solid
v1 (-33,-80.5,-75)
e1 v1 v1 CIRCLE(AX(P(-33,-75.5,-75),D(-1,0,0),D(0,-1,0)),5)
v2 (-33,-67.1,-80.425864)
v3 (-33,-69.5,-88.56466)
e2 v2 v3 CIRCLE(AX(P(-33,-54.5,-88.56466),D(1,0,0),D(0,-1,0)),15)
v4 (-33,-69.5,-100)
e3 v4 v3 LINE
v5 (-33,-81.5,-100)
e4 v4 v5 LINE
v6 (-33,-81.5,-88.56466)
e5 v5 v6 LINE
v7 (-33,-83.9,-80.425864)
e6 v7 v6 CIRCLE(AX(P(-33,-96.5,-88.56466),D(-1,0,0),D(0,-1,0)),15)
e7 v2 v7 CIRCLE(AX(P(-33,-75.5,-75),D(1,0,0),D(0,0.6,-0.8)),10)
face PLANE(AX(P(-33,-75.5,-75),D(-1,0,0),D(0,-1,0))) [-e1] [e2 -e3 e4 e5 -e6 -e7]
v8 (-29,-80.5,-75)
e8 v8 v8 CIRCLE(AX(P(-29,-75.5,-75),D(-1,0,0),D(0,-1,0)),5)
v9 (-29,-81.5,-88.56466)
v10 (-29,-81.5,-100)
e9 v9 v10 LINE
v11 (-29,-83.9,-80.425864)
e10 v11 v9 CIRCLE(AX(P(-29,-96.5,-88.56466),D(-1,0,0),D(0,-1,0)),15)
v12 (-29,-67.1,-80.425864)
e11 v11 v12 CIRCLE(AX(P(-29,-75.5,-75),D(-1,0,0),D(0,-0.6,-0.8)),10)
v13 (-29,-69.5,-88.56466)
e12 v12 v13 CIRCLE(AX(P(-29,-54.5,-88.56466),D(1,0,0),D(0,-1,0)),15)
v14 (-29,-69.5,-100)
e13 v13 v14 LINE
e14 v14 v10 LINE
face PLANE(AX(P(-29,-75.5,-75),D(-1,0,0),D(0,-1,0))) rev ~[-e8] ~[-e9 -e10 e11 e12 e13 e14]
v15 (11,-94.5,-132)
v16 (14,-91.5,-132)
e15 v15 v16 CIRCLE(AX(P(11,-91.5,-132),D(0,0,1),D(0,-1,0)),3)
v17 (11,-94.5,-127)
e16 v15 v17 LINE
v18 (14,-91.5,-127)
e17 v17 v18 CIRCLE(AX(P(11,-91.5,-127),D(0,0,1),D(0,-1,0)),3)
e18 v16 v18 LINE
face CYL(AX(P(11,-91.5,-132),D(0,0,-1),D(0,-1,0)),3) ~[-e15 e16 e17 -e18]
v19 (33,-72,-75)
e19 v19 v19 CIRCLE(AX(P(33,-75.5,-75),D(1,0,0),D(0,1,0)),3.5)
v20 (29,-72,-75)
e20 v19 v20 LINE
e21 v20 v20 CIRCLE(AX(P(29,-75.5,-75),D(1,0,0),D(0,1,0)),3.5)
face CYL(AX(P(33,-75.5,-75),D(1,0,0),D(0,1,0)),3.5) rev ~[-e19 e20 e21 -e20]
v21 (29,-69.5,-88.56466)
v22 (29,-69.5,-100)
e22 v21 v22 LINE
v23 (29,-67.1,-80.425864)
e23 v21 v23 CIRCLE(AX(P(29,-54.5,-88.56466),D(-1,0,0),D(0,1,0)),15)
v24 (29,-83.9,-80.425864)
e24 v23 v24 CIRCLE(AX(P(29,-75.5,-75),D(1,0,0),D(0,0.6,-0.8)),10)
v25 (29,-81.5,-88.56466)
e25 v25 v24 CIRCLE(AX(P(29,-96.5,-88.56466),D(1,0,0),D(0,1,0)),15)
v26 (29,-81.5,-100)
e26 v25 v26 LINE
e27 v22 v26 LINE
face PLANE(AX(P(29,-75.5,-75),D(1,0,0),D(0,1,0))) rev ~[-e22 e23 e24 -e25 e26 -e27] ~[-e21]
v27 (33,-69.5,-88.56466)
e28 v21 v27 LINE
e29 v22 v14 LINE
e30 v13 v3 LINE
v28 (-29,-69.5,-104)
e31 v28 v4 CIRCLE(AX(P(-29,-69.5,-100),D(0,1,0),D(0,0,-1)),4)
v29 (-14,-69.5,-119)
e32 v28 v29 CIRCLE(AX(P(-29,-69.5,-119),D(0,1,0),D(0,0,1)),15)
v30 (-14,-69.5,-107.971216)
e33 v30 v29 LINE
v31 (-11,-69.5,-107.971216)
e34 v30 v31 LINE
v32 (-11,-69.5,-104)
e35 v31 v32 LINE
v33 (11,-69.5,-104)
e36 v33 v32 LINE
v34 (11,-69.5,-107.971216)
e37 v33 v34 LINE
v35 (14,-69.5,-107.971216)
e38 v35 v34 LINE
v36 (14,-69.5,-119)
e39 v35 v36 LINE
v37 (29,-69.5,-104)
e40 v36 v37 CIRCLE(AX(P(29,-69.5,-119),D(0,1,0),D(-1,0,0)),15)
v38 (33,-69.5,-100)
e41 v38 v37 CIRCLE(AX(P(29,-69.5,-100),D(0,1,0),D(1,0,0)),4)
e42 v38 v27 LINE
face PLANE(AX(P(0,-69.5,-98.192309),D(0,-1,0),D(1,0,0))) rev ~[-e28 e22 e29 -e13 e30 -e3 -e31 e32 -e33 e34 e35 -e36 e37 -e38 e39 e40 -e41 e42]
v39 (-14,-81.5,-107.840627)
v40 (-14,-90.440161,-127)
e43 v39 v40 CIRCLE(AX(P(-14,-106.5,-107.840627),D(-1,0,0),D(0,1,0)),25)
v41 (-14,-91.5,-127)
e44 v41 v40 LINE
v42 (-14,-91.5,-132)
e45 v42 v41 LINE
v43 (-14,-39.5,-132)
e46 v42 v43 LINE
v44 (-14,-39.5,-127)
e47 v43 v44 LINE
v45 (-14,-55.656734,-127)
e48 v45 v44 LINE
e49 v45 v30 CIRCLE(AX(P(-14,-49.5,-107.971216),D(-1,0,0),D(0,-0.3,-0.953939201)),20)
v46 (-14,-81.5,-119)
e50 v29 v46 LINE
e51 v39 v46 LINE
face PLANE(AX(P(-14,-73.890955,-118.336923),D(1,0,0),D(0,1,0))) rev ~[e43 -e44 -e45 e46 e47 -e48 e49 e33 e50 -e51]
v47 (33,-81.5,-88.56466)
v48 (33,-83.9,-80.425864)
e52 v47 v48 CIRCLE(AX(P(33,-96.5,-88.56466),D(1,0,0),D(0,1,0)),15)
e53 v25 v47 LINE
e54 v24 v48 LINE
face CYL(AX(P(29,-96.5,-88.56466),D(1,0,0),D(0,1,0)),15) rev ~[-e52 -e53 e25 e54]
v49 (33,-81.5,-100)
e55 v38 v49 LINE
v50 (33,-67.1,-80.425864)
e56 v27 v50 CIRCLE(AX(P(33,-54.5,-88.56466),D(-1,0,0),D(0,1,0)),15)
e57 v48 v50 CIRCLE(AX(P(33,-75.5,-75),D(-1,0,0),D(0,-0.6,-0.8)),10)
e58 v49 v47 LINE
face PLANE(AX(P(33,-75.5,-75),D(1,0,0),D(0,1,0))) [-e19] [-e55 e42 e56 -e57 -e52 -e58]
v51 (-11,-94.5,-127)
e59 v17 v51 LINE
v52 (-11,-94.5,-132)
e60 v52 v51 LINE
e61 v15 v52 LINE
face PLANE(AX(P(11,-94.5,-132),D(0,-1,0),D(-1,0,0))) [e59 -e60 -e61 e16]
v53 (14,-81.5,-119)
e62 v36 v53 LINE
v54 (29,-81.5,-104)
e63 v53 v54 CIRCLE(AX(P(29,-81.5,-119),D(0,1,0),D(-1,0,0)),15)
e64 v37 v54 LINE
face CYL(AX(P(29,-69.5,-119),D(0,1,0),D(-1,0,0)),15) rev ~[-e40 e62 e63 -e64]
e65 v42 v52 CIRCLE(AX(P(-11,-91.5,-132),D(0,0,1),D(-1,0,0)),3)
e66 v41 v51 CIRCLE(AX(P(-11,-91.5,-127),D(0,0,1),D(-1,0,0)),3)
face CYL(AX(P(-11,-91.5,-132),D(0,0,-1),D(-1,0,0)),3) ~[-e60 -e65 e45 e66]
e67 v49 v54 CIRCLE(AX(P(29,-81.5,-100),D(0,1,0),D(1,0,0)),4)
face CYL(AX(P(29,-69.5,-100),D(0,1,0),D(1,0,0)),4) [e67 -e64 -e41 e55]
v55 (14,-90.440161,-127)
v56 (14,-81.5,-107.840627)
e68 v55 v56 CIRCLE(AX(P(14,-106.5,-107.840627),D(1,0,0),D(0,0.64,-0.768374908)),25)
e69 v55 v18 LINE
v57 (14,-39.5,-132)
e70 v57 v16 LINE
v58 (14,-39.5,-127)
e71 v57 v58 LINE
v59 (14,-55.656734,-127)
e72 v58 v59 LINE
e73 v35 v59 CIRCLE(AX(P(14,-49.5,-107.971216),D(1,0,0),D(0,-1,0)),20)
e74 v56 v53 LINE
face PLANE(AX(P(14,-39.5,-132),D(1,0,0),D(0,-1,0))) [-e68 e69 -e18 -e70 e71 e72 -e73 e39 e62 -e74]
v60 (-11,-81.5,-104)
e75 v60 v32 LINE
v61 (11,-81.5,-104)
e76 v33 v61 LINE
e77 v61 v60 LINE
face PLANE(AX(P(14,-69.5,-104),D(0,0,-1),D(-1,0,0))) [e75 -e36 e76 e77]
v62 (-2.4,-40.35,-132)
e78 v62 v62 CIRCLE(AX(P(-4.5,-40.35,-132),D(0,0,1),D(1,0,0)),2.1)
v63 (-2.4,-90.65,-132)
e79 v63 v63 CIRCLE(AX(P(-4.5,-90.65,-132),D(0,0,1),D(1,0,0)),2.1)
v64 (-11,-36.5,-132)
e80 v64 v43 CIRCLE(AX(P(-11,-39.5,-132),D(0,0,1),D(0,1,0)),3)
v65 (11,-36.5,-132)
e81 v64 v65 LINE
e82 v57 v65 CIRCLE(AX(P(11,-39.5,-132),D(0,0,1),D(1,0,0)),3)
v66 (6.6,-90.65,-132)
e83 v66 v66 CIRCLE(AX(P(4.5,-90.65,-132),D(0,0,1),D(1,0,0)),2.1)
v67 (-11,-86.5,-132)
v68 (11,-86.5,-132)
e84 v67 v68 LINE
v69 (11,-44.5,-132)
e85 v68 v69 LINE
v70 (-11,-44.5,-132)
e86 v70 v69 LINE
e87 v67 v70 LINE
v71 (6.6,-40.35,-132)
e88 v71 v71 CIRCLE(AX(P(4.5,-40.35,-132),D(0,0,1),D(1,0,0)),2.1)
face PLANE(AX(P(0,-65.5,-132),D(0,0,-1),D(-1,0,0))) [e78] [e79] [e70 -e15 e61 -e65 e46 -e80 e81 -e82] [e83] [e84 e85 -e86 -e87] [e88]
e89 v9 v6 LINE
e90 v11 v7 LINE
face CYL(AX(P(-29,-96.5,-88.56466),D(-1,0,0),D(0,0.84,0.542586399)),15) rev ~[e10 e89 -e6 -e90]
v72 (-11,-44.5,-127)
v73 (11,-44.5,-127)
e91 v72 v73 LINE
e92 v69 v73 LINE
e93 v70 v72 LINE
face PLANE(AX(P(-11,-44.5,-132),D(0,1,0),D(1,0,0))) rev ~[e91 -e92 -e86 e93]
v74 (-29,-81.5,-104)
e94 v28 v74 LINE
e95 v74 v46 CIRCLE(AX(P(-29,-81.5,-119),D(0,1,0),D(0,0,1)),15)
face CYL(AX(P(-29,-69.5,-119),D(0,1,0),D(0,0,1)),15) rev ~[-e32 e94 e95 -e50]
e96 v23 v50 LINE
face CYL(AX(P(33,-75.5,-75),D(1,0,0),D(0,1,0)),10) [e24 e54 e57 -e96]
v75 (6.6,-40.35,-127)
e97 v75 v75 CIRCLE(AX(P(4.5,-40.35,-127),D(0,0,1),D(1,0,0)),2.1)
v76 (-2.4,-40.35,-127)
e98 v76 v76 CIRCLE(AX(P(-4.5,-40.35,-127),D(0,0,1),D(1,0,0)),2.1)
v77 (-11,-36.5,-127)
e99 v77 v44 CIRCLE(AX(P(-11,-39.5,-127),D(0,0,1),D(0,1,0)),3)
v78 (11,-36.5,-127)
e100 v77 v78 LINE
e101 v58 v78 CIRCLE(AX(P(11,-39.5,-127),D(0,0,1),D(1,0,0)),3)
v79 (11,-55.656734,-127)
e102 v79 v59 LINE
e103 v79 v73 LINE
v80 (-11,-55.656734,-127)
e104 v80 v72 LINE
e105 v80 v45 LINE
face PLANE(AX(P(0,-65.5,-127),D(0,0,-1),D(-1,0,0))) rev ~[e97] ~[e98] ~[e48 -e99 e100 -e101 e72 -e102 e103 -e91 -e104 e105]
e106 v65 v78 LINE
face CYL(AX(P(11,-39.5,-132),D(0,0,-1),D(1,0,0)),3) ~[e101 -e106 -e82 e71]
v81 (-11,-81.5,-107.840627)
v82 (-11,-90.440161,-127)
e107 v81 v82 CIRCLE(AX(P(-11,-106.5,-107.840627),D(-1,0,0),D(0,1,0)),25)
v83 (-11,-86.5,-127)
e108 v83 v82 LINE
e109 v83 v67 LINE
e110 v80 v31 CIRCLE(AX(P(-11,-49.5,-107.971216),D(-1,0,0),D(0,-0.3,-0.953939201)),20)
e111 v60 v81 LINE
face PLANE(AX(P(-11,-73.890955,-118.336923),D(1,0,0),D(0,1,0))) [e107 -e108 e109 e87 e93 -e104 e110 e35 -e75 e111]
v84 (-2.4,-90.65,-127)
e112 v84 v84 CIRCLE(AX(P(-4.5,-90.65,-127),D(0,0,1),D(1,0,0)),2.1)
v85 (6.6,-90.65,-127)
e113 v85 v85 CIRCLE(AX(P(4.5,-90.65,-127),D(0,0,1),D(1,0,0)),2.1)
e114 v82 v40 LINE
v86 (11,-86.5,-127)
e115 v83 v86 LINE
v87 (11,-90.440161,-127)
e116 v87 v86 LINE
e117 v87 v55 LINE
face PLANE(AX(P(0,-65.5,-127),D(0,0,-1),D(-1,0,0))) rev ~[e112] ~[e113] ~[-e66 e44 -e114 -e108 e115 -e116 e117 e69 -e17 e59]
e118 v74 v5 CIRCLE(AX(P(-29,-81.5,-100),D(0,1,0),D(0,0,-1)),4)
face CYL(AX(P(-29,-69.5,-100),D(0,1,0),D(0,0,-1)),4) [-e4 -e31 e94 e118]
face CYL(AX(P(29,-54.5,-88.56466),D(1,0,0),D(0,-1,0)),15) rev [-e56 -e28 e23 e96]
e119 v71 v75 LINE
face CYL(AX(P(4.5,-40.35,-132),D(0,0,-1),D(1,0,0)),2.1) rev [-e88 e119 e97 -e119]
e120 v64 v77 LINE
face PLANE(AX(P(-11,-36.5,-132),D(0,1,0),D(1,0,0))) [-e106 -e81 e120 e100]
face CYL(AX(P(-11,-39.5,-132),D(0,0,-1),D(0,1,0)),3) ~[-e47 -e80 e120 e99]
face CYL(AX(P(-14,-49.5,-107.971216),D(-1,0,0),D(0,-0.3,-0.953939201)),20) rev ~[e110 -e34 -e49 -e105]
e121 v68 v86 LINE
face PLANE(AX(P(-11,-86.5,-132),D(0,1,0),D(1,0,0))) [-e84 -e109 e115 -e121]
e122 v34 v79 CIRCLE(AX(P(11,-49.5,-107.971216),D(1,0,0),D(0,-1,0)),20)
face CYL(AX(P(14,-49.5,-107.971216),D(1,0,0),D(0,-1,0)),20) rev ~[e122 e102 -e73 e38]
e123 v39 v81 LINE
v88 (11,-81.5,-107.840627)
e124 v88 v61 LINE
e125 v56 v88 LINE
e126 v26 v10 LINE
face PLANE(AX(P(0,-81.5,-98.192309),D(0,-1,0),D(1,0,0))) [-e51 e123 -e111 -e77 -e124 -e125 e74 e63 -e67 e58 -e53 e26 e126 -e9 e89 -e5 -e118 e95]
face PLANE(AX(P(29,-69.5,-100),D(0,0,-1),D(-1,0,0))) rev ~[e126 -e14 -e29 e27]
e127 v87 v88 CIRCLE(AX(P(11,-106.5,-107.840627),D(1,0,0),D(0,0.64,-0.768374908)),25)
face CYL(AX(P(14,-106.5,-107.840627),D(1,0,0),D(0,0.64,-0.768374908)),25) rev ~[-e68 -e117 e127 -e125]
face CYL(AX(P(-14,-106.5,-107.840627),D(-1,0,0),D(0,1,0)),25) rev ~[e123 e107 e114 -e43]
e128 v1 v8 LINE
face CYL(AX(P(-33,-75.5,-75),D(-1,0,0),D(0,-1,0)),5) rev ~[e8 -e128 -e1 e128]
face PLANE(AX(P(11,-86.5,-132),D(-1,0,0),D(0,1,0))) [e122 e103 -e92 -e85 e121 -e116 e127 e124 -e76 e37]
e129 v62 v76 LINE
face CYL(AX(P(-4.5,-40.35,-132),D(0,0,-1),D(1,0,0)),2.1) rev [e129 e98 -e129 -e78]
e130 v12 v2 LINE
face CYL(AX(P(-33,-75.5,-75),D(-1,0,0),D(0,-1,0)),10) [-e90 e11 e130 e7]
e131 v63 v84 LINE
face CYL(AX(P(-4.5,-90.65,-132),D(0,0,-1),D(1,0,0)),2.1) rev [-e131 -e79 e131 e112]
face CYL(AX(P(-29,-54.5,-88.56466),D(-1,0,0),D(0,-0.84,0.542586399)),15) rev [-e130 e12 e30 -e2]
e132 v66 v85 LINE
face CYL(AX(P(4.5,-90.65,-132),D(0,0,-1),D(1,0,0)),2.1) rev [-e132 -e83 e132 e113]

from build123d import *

# Parameters (mm, degrees)
SKETCH022_R             = 2.1
SKETCH022_W             = 22
SKETCH022_H             = 42
PAD010_DEPTH            = 5
PAD013_DEPTH            = 3
PAD011_DEPTH            = 3
PAD012_DEPTH            = 12
SKETCH028_R             = 10
PAD014_DEPTH            = 4
SKETCH029_R             = 3.5
POCKET011_DEPTH         = 4
SKETCH026_R             = 10
PAD015_DEPTH            = 4
SKETCH025_R             = 5
POCKET012_DEPTH         = 4
FILLET002_R             = 15
BODY005_PLACEMENT_ANGLE = 90


with BuildPart() as part:
    # Sketch022 → Pad010 (new body)
    with BuildSketch(Plane.XZ):
        with BuildLine():
            Line((-11, 29), (11, 29))
            ThreePointArc((14, 26), (13.1213203436, 28.1213203436), (11, 29))
            Line((14, 26), (14, -26))
            ThreePointArc((11, -29), (13.1213203436, -28.1213203436), (14, -26))
            Line((11, -29), (-11, -29))
            ThreePointArc((-14, -26), (-13.1213203436, -28.1213203436), (-11, -29))
            Line((-14, -26), (-14, 26))
            ThreePointArc((-11, 29), (-13.1213203436, 28.1213203436), (-14, 26))
        make_face()
        with Locations((-4.5, -25.15)):
            Circle(SKETCH022_R, mode=Mode.SUBTRACT)
        with Locations((4.5, -25.15)):
            Circle(SKETCH022_R, mode=Mode.SUBTRACT)
        with Locations((-4.5, 25.15)):
            Circle(SKETCH022_R, mode=Mode.SUBTRACT)
        with Locations((4.5, 25.15)):
            Circle(SKETCH022_R, mode=Mode.SUBTRACT)
        Rectangle(SKETCH022_W, SKETCH022_H, mode=Mode.SUBTRACT)
    extrude(amount=PAD010_DEPTH)

    # Sketch023 (on Face1 of Pad010) → Pad013 (join)
    with BuildSketch(Plane(origin=(-14, 0, 0), x_dir=(0, 0, -1), z_dir=(-1, 0, 0))):
        with BuildLine():
            Line((4, 29.0287840283), (16, 29.0287840283))
            Line((16, 29.0287840283), (16, 24.1593727123))
            ThreePointArc((16, 24.1593727123), (18.3615371547, 13.5527709945), (25, 4.95))
            Line((-10, 4.95), (25, 4.95))
            ThreePointArc((-10, 4.95), (0.1245154966, 12.1966244621), (4, 24.0287840283))
            Line((4, 24.0287840283), (4, 29.0287840283))
        make_face()
    extrude(amount=-PAD013_DEPTH)

    # Sketch027 (on Face9 of Pad013) → Pad011 (join)
    with BuildSketch(Plane(origin=(14, 0, 0), x_dir=(0, 0, 1), z_dir=(1, 0, 0))):
        with BuildLine():
            Line((10, 4.95), (-25, 4.95))
            ThreePointArc((-25, 4.95), (-18.3615371547, 13.5527709945), (-16, 24.1593727123))
            Line((-16, 24.1593727123), (-16, 29.0287840283))
            Line((-16, 29.0287840283), (-4, 29.0287840283))
            Line((-4, 29.0287840283), (-4, 24.0287840283))
            ThreePointArc((-4, 24.0287840283), (-0.1245154966, 12.1966244621), (10, 4.95))
        make_face()
    extrude(amount=-PAD011_DEPTH)

    # Sketch024 (on Face31 of Pad011) → Pad012 (join)
    with BuildSketch(Plane(origin=(0, 0, -4), x_dir=(-1, 0, 0), z_dir=(0, 0, 1))):
        with BuildLine():
            Line((-29, 32), (29, 32))
            Line((29, 57), (29, 32))
            Line((33, 57), (29, 57))
            Line((33, 32), (33, 57))
            ThreePointArc((29, 28), (31.8284271247, 29.1715728753), (33, 32))
            ThreePointArc((29, 28), (18.3933982822, 23.6066017178), (14, 13))
            Line((14, 28), (14, 13))
            Line((-14, 28), (14, 28))
            Line((-14, 28), (-14, 13))
            ThreePointArc((-14, 13), (-18.3933982822, 23.6066017178), (-29, 28))
            ThreePointArc((-33, 32), (-31.8284271247, 29.1715728753), (-29, 28))
            Line((-33, 32), (-33, 57))
            Line((-33, 57), (-29, 57))
            Line((-29, 57), (-29, 32))
        make_face()
    extrude(amount=-PAD012_DEPTH)

    # Sketch028 (on Face53 of Pad012) → Pad014 (join)
    with BuildSketch(Plane(origin=(33, 0, 0), x_dir=(0, 0, 1), z_dir=(1, 0, 0))):
        with Locations((-10, 57)):
            Circle(SKETCH028_R)
    extrude(amount=-PAD014_DEPTH)

    # Sketch029 (on Face56 of Pad014) → Pocket011 (cut)
    with BuildSketch(Plane(origin=(33, 0, 0), x_dir=(0, 0, 1), z_dir=(1, 0, 0))):
        with Locations((-10, 57)):
            Circle(SKETCH029_R)
    extrude(amount=-POCKET011_DEPTH, mode=Mode.SUBTRACT)

    # Sketch026 (on Face47 of Pocket011) → Pad015 (join)
    with BuildSketch(Plane(origin=(-33, 0, 0), x_dir=(0, 0, -1), z_dir=(-1, 0, 0))):
        with Locations((10, 57)):
            Circle(SKETCH026_R)
    extrude(amount=-PAD015_DEPTH)

    # Sketch025 (on Face58 of Pad015) → Pocket012 (cut)
    with BuildSketch(Plane(origin=(-33, 0, 0), x_dir=(0, 0, -1), z_dir=(-1, 0, 0))):
        with Locations((10, 57)):
            Circle(SKETCH025_R)
    extrude(amount=-POCKET012_DEPTH, mode=Mode.SUBTRACT)

    # Fillet002
    fillet002_edges = [part.edges().sort_by_distance(p)[0] for p in [
        (-31, -49, -4),
        (31, -49, -16),
        (-31, -49, -16),
        (31, -49, -4),
    ]]
    fillet(fillet002_edges, radius=FILLET002_R)


with BuildPart() as part_1:
    # Body005 placement: moved
    add(part.part.moved(Location((0, -65.5, -132))).rotate(Axis((0, -65.5, -132), (-1, 0, 0)), BODY005_PLACEMENT_ANGLE))


solid = part_1.part
